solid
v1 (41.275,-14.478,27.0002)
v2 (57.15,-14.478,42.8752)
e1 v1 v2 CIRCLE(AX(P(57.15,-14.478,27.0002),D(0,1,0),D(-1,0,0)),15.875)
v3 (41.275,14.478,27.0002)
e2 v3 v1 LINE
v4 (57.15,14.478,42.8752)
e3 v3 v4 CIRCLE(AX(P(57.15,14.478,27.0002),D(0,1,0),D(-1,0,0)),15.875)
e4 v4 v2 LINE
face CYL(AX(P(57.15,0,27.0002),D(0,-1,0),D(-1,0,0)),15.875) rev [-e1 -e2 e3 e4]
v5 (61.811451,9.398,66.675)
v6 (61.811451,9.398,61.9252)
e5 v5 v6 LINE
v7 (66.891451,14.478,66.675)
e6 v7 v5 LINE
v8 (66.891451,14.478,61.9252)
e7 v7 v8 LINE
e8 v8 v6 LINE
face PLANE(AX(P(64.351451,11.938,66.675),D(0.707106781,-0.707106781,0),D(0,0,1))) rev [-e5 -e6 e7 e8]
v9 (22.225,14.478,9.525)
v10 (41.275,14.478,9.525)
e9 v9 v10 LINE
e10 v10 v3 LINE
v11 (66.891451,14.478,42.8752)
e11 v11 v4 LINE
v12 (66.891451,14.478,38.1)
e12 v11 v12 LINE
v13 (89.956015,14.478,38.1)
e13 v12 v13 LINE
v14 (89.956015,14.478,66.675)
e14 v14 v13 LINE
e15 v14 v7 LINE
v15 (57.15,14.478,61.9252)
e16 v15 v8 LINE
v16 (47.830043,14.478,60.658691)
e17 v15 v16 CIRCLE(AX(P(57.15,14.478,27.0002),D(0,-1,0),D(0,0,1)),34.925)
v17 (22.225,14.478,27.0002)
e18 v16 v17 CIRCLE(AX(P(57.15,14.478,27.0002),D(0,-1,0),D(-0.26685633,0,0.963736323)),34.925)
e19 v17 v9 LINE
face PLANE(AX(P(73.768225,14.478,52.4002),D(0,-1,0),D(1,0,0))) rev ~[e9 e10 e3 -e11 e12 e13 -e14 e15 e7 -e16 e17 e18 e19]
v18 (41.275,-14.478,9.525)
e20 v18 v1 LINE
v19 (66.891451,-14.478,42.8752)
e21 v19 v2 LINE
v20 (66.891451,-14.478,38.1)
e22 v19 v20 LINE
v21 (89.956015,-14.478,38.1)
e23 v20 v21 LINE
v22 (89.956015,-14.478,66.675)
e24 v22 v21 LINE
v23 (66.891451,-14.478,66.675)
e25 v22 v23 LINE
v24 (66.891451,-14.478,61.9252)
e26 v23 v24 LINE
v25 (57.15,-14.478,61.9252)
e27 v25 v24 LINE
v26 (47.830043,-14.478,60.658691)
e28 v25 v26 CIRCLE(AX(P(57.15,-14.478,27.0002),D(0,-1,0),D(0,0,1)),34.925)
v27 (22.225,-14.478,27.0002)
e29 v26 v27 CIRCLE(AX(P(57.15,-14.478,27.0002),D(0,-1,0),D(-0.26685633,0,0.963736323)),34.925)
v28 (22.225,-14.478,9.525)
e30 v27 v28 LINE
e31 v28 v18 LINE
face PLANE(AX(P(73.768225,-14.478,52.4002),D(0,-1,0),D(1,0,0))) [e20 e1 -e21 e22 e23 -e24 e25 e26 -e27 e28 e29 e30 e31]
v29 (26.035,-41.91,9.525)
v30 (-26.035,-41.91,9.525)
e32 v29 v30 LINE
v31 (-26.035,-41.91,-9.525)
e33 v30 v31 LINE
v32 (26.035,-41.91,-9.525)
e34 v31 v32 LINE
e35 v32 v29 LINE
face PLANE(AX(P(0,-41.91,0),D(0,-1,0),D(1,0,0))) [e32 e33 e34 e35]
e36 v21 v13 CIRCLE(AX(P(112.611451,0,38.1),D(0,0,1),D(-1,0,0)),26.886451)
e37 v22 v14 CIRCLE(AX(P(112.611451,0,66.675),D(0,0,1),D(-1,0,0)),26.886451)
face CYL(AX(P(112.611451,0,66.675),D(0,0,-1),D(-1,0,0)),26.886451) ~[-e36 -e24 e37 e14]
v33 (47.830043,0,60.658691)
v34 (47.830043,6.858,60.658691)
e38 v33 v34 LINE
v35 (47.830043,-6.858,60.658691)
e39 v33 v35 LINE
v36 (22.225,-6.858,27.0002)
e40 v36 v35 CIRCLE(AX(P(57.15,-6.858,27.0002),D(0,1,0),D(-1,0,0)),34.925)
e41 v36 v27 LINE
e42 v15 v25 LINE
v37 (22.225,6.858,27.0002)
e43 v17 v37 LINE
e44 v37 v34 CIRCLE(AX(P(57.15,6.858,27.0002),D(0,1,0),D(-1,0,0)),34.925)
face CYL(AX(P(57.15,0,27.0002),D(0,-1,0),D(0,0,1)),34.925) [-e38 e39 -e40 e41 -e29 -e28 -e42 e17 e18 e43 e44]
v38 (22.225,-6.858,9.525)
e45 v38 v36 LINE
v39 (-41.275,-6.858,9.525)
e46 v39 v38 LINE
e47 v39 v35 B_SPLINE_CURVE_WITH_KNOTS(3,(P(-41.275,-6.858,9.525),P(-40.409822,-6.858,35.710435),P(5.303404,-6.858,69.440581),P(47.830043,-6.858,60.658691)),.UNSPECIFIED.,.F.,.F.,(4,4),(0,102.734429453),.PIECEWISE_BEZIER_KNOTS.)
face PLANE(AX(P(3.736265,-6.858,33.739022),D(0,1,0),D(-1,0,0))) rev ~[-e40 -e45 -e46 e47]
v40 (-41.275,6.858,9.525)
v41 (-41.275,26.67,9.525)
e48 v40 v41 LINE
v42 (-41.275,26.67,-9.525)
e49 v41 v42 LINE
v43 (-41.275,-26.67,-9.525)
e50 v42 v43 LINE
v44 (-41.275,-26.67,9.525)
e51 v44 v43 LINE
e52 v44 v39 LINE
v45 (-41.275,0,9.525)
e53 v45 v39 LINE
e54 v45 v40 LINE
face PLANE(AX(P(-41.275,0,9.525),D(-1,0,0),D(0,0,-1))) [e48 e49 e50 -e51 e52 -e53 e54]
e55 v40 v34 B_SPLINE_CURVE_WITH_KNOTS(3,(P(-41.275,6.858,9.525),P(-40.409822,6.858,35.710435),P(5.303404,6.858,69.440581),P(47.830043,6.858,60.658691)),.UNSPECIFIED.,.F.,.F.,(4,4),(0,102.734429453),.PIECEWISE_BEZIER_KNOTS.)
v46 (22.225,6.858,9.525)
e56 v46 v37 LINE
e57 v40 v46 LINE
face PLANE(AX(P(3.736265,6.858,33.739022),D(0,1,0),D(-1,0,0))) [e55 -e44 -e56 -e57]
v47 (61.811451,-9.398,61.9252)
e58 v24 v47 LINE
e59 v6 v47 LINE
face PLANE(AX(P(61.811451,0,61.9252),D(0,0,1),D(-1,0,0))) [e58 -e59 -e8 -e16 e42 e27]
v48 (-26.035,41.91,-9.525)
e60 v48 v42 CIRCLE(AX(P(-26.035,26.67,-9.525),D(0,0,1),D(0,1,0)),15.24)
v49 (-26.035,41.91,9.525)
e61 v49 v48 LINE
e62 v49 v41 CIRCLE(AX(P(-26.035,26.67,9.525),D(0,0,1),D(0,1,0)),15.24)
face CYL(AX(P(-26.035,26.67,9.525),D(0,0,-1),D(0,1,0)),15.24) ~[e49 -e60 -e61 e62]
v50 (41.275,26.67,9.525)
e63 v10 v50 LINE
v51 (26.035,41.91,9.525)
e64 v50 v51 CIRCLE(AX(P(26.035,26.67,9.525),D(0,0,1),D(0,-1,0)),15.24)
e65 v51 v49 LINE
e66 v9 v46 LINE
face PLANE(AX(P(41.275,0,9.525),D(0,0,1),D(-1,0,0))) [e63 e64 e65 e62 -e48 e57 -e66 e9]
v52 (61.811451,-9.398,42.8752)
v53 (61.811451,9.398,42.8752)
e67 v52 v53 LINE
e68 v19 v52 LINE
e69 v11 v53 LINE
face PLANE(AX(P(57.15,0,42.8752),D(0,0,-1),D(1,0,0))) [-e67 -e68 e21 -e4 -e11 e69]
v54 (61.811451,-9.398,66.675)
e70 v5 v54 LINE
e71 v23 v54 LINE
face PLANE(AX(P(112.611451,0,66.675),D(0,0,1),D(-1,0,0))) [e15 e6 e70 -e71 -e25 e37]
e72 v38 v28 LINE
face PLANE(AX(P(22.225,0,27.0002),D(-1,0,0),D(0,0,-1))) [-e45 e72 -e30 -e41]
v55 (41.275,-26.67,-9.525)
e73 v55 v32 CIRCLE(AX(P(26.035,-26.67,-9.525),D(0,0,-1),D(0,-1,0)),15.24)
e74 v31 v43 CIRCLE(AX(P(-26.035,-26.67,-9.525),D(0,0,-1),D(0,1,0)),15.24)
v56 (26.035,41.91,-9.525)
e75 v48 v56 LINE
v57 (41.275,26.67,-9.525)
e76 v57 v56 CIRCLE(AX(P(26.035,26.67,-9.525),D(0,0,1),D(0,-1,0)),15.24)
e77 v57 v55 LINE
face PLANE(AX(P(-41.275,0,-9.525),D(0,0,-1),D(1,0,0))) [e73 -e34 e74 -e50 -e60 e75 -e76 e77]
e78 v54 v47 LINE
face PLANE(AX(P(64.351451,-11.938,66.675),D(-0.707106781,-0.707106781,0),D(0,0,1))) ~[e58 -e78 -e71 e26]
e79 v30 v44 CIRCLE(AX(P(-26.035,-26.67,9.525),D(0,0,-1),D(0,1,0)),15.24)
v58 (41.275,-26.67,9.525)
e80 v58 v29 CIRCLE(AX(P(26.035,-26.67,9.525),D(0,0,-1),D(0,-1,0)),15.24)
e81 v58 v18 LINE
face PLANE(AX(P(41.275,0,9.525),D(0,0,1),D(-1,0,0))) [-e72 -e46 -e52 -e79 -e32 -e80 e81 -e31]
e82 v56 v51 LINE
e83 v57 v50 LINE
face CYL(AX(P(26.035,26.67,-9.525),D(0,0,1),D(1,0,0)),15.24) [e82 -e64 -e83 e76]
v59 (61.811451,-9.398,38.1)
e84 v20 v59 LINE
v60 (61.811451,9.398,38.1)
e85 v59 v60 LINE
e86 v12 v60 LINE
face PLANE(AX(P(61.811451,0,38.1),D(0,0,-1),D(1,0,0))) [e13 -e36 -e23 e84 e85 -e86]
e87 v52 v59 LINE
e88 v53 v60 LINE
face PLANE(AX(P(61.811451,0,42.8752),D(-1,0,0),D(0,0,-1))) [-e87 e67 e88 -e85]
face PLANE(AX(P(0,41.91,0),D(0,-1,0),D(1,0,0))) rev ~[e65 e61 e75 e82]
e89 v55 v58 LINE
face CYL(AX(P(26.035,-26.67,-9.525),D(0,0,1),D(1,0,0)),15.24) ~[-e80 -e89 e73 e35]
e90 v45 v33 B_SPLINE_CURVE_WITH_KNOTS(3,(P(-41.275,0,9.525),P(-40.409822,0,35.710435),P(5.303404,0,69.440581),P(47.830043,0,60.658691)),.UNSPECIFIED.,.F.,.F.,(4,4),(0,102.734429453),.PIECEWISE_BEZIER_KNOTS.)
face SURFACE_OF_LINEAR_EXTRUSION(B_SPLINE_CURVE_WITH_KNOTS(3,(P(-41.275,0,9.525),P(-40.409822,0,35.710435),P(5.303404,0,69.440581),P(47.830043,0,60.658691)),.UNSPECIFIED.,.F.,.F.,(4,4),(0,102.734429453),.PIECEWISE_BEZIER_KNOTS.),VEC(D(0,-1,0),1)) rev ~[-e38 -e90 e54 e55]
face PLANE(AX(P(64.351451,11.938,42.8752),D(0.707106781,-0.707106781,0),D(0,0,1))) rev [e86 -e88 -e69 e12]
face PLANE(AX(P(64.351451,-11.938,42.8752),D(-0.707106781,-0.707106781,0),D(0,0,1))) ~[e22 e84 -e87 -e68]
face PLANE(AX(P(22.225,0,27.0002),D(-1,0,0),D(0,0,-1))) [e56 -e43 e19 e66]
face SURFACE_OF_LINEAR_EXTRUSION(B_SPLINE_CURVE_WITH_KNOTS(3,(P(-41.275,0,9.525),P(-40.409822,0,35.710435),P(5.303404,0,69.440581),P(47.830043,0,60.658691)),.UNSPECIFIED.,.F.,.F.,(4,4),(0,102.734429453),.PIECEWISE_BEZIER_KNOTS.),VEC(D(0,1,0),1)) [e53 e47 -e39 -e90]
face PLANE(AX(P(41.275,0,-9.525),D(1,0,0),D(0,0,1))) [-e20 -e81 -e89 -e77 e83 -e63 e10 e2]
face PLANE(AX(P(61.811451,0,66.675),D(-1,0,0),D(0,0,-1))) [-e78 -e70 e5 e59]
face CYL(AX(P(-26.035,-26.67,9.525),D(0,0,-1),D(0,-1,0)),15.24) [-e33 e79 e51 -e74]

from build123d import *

# Parameters (mm, degrees)
F1_DEPTH = 41.91
F0_W     = 23.9135493911
F0_H     = 19.0500000095
F0_H_2   = 4.7497999905
F0_H_3   = 4.7752
F2_DEPTH = 14.478
F3_DEPTH = 6.858
F5_R     = 15.24
F6_SIZE  = 5.08


with BuildPart() as f1:
    # F0 (on Front) → F1 (new body, symmetric)
    with BuildSketch(Plane.XZ):
        Polygon((22.2249999905, 9.525), (-41.275, 9.525), (-41.275, -9.525), (41.275, -9.525), (41.275, 9.525), align=None)
    extrude(amount=F1_DEPTH, both=True)

    # F0 (on Front) → F2 (join, symmetric)
    with BuildSketch(Plane.XZ):
        with Locations((73.7682253044, 52.4002000047)):
            Rectangle(F0_W, F0_H)
        Polygon((85.725, 66.675), (85.725, 61.9252000095), (85.725, 42.8752), (85.725, 38.1), (112.6114506089, 38.1), (112.6114506089, 66.675), align=None)
        with Locations((73.7682253044, 64.3001000047)):
            Rectangle(F0_W, F0_H_2)
        with Locations((73.7682253044, 40.4876)):
            Rectangle(F0_W, F0_H_3)
        with BuildLine():
            Line((22.2249999905, 27.0002), (22.2249999905, 9.525))
            Line((22.2249999905, 9.525), (41.275, 9.525))
            Line((41.275, 9.525), (41.275, 27.0002))
            ThreePointArc((41.275, 27.0002), (45.9246798487, 38.2255201513), (57.15, 42.8752))
            Line((57.15, 42.8752), (61.8114506089, 42.8752))
            Line((61.8114506089, 42.8752), (61.8114506089, 61.9252000095))
            Line((61.8114506089, 61.9252000095), (57.15, 61.9252000095))
            ThreePointArc((57.15, 61.9252000095), (52.4471910202, 61.6071243557), (47.8300426869, 60.6586910735))
            ThreePointArc((47.8300426869, 60.6586910735), (29.3538209918, 48.1456027677), (22.2249999905, 27.0002))
        make_face()
    extrude(amount=F2_DEPTH, both=True)

    # F0 (on Front) → F3 (join, symmetric)
    with BuildSketch(Plane.XZ):
        with BuildLine():
            add(Edge.make_bspline(
                [(-41.275, 9.525), (-40.409822017, 35.7104353607), (5.303404294, 69.4405809045), (47.8300426869, 60.6586910735)],
                knots=[0, 0, 0, 0, 102.734429453, 102.734429453, 102.734429453, 102.734429453], degree=3))
            Line((-41.275, 9.525), (22.2249999905, 9.525))
            Line((22.2249999905, 9.525), (22.2249999905, 27.0002))
            ThreePointArc((22.2249999905, 27.0002), (29.3538209918, 48.1456027677), (47.8300426869, 60.6586910735))
        make_face()
    extrude(amount=F3_DEPTH, both=True)

    # F0 (on Front) → F4 (revolve)
    with BuildSketch(Plane.XZ):
        Polygon((85.725, 66.675), (85.725, 61.9252000095), (85.725, 42.8752), (85.725, 38.1), (112.6114506089, 38.1), (112.6114506089, 66.675), align=None)
    revolve(axis=Axis((112.6114506089, 0, 52.3875), (0, 0, 1)))

    # F5
    f5_edges = [f1.edges().sort_by_distance(p)[0] for p in [
        (-41.275, -41.91, 0),
        (41.275, -41.91, 0),
        (41.275, 41.91, 0),
        (-41.275, 41.91, 0),
    ]]
    fillet(f5_edges, radius=F5_R)

    # F6
    f6_edges = [f1.edges().sort_by_distance(p)[0] for p in [
        (61.811451, -14.478, 64.3001),
        (61.811451, -14.478, 40.4876),
        (61.811451, 14.478, 64.3001),
        (61.811451, 14.478, 40.4876),
    ]]
    chamfer(f6_edges, length=F6_SIZE)


solid = f1.part
